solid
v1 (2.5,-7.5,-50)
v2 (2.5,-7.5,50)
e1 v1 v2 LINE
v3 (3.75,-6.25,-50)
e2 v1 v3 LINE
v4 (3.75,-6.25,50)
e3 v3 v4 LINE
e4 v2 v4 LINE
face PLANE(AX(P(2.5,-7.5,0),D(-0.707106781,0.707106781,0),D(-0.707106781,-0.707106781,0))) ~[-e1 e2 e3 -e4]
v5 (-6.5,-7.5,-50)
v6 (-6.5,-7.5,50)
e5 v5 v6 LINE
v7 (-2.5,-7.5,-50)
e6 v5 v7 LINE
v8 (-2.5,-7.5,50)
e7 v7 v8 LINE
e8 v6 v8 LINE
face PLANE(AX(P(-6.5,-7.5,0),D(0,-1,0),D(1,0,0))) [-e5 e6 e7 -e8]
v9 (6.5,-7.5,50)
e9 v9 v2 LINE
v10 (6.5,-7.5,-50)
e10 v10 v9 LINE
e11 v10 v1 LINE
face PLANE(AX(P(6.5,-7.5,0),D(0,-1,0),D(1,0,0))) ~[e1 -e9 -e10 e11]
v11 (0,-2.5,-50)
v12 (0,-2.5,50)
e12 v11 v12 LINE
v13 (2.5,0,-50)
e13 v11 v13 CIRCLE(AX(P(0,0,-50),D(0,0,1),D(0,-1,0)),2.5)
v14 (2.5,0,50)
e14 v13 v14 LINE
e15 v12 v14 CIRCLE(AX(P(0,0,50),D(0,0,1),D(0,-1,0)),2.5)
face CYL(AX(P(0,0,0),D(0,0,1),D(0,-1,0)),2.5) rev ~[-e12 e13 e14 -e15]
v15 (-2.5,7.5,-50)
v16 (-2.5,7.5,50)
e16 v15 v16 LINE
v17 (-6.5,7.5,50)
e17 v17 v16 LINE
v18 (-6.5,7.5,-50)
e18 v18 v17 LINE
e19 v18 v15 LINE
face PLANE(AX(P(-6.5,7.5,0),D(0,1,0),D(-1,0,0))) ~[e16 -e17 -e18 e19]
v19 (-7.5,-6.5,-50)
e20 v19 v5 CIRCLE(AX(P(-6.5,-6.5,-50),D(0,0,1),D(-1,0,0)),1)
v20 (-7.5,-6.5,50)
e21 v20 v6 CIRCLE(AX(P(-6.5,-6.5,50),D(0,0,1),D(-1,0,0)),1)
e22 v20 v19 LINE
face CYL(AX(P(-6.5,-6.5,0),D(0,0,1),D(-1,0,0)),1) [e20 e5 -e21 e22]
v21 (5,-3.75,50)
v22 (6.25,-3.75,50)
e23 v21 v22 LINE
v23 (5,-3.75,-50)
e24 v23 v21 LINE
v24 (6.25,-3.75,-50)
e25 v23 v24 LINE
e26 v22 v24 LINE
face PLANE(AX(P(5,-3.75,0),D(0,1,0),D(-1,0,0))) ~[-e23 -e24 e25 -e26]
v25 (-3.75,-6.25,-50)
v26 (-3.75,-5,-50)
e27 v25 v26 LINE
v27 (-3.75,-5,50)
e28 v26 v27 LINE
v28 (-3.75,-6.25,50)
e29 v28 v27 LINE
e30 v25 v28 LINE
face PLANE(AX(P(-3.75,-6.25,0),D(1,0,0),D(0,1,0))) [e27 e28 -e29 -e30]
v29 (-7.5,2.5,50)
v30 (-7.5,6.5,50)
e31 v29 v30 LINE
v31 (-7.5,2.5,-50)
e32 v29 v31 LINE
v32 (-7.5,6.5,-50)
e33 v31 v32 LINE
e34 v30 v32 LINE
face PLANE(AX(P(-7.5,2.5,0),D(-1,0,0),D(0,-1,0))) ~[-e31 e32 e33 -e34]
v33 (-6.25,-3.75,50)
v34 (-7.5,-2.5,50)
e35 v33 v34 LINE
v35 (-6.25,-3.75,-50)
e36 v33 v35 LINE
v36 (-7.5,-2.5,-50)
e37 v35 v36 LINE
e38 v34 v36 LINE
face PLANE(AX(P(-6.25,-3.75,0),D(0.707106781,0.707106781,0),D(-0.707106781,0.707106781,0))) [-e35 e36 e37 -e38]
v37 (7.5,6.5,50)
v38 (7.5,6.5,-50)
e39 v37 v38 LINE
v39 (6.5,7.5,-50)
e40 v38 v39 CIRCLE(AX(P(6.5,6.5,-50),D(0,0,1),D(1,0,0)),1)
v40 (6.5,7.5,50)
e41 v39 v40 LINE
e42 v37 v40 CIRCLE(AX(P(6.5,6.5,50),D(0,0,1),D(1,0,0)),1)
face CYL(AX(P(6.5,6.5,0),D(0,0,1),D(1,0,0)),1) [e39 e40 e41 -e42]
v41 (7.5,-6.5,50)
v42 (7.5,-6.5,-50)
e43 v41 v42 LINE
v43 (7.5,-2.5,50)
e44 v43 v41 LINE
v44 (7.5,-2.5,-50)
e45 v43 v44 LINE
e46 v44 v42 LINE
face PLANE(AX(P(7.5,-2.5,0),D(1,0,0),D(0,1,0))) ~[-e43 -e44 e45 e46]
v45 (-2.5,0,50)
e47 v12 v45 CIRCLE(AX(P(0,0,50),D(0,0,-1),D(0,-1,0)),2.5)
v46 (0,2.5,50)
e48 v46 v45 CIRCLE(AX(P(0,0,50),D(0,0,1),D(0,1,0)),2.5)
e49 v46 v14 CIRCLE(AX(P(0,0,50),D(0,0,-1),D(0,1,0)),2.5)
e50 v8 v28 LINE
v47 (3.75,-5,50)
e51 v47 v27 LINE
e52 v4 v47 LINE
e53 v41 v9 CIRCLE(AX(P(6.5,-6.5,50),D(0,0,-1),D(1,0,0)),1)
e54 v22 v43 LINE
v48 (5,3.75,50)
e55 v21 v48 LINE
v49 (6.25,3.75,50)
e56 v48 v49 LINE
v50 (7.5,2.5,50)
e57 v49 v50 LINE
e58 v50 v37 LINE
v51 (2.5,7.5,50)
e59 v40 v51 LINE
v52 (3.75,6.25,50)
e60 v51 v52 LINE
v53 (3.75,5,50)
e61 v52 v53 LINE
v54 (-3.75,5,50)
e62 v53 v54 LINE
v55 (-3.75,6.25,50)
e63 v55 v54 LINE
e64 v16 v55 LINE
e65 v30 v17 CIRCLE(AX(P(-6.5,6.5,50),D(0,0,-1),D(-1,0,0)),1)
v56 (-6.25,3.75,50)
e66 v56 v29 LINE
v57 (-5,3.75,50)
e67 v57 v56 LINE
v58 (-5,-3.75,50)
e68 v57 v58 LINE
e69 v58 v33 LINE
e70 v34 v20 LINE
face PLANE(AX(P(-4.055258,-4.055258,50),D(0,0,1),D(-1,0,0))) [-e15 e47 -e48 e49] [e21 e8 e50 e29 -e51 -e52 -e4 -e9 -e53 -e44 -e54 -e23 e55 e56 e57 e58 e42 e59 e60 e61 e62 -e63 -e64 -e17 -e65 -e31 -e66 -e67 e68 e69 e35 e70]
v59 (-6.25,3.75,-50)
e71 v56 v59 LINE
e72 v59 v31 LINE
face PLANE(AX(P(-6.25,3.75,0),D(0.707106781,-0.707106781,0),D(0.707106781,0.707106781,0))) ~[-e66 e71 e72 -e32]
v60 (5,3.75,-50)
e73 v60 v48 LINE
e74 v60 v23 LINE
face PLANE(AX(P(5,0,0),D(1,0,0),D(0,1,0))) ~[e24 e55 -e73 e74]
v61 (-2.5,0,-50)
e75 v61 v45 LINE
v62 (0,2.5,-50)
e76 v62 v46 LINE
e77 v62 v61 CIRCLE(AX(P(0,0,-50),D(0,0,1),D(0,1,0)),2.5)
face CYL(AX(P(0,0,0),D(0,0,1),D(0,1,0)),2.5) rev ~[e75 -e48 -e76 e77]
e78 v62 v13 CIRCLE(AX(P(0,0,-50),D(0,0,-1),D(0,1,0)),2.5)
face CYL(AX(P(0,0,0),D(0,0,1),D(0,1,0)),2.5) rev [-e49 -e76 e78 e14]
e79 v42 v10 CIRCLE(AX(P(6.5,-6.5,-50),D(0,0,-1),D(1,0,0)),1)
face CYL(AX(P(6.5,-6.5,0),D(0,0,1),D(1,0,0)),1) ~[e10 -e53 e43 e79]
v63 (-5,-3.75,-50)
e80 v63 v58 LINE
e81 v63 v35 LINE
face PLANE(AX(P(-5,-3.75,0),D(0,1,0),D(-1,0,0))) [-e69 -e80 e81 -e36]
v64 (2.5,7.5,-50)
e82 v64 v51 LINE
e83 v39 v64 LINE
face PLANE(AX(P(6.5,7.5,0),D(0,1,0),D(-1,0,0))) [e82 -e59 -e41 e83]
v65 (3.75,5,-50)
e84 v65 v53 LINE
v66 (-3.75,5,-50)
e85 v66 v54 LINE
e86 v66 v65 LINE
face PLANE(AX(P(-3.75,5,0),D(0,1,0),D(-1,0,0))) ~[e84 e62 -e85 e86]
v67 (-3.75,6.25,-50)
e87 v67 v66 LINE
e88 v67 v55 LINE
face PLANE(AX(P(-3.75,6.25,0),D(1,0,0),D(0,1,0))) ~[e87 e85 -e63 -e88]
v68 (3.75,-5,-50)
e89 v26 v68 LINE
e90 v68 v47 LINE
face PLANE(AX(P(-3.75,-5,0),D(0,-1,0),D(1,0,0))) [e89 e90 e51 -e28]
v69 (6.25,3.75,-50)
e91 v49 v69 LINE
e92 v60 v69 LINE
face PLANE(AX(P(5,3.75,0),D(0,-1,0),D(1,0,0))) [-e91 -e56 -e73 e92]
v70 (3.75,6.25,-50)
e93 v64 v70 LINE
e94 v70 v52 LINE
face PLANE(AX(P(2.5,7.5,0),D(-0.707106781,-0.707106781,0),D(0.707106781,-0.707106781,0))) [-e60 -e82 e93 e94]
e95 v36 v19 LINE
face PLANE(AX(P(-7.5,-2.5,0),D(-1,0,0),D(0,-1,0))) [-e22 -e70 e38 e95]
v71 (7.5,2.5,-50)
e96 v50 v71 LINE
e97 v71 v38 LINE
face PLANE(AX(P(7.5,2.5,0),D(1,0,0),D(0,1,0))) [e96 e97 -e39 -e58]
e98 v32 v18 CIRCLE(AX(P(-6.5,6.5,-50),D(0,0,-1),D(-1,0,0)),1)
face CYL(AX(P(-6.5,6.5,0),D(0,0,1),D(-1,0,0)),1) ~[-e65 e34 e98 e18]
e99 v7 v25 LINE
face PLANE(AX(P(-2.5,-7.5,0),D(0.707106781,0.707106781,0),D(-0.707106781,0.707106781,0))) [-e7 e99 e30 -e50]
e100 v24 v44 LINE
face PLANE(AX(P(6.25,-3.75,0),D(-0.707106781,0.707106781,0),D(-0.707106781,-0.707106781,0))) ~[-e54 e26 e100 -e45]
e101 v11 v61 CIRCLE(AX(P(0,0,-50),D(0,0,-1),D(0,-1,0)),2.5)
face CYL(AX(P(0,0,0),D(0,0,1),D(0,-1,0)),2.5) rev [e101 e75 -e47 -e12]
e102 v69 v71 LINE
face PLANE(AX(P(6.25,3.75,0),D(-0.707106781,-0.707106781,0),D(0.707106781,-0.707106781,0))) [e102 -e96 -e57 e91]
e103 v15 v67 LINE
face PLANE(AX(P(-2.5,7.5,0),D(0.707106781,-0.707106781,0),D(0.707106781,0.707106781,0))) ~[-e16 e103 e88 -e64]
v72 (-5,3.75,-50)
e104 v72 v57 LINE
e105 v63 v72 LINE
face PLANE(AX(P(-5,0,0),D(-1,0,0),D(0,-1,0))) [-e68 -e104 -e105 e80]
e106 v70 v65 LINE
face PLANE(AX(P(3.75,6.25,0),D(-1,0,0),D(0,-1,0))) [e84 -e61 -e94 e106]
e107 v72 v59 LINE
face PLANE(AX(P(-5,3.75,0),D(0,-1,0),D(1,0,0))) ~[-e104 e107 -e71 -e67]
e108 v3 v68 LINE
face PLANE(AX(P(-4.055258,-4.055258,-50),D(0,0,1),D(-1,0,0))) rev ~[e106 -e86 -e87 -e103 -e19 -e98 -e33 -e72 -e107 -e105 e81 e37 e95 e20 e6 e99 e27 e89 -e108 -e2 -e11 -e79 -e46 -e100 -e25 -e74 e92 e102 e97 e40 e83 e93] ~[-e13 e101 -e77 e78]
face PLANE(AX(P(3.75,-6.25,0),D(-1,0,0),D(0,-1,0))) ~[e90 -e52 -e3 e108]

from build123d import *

# Parameters (mm, degrees)
F2_DEPTH = 50


with BuildPart() as f2:
    # F0 (on Top) → F2 (new body, symmetric)
    with BuildSketch(Plane.XY):
        with BuildLine():
            ThreePointArc((7.5, 6.5), (7.2071067812, 7.2071067812), (6.5, 7.5))
            Line((6.5, 7.5), (2.5, 7.5))
            Line((2.5, 7.5), (3.75, 6.25))
            Line((3.75, 6.25), (3.75, 5))
            Line((3.75, 5), (0, 5))
            Line((0, 5), (0, 2.5))
            ThreePointArc((0, 2.5), (1.767766953, 1.767766953), (2.5, 0))
            Line((2.5, 0), (5, 0))
            Line((5, 0), (5, 3.75))
            Line((5, 3.75), (6.25, 3.75))
            Line((6.25, 3.75), (7.5, 2.5))
            Line((7.5, 2.5), (7.5, 6.5))
        make_face()
    extrude(amount=F2_DEPTH, both=True)

    # F3: F2 across plane


with BuildPart() as f2_1:
    add(f2.part)
    add(f2.part.mirror(Plane.YZ))

    # F4: F2 across plane


with BuildPart() as f2_2:
    add(f2_1.part)
    add(f2_1.part.mirror(Plane.XZ))


solid = f2_2.part
